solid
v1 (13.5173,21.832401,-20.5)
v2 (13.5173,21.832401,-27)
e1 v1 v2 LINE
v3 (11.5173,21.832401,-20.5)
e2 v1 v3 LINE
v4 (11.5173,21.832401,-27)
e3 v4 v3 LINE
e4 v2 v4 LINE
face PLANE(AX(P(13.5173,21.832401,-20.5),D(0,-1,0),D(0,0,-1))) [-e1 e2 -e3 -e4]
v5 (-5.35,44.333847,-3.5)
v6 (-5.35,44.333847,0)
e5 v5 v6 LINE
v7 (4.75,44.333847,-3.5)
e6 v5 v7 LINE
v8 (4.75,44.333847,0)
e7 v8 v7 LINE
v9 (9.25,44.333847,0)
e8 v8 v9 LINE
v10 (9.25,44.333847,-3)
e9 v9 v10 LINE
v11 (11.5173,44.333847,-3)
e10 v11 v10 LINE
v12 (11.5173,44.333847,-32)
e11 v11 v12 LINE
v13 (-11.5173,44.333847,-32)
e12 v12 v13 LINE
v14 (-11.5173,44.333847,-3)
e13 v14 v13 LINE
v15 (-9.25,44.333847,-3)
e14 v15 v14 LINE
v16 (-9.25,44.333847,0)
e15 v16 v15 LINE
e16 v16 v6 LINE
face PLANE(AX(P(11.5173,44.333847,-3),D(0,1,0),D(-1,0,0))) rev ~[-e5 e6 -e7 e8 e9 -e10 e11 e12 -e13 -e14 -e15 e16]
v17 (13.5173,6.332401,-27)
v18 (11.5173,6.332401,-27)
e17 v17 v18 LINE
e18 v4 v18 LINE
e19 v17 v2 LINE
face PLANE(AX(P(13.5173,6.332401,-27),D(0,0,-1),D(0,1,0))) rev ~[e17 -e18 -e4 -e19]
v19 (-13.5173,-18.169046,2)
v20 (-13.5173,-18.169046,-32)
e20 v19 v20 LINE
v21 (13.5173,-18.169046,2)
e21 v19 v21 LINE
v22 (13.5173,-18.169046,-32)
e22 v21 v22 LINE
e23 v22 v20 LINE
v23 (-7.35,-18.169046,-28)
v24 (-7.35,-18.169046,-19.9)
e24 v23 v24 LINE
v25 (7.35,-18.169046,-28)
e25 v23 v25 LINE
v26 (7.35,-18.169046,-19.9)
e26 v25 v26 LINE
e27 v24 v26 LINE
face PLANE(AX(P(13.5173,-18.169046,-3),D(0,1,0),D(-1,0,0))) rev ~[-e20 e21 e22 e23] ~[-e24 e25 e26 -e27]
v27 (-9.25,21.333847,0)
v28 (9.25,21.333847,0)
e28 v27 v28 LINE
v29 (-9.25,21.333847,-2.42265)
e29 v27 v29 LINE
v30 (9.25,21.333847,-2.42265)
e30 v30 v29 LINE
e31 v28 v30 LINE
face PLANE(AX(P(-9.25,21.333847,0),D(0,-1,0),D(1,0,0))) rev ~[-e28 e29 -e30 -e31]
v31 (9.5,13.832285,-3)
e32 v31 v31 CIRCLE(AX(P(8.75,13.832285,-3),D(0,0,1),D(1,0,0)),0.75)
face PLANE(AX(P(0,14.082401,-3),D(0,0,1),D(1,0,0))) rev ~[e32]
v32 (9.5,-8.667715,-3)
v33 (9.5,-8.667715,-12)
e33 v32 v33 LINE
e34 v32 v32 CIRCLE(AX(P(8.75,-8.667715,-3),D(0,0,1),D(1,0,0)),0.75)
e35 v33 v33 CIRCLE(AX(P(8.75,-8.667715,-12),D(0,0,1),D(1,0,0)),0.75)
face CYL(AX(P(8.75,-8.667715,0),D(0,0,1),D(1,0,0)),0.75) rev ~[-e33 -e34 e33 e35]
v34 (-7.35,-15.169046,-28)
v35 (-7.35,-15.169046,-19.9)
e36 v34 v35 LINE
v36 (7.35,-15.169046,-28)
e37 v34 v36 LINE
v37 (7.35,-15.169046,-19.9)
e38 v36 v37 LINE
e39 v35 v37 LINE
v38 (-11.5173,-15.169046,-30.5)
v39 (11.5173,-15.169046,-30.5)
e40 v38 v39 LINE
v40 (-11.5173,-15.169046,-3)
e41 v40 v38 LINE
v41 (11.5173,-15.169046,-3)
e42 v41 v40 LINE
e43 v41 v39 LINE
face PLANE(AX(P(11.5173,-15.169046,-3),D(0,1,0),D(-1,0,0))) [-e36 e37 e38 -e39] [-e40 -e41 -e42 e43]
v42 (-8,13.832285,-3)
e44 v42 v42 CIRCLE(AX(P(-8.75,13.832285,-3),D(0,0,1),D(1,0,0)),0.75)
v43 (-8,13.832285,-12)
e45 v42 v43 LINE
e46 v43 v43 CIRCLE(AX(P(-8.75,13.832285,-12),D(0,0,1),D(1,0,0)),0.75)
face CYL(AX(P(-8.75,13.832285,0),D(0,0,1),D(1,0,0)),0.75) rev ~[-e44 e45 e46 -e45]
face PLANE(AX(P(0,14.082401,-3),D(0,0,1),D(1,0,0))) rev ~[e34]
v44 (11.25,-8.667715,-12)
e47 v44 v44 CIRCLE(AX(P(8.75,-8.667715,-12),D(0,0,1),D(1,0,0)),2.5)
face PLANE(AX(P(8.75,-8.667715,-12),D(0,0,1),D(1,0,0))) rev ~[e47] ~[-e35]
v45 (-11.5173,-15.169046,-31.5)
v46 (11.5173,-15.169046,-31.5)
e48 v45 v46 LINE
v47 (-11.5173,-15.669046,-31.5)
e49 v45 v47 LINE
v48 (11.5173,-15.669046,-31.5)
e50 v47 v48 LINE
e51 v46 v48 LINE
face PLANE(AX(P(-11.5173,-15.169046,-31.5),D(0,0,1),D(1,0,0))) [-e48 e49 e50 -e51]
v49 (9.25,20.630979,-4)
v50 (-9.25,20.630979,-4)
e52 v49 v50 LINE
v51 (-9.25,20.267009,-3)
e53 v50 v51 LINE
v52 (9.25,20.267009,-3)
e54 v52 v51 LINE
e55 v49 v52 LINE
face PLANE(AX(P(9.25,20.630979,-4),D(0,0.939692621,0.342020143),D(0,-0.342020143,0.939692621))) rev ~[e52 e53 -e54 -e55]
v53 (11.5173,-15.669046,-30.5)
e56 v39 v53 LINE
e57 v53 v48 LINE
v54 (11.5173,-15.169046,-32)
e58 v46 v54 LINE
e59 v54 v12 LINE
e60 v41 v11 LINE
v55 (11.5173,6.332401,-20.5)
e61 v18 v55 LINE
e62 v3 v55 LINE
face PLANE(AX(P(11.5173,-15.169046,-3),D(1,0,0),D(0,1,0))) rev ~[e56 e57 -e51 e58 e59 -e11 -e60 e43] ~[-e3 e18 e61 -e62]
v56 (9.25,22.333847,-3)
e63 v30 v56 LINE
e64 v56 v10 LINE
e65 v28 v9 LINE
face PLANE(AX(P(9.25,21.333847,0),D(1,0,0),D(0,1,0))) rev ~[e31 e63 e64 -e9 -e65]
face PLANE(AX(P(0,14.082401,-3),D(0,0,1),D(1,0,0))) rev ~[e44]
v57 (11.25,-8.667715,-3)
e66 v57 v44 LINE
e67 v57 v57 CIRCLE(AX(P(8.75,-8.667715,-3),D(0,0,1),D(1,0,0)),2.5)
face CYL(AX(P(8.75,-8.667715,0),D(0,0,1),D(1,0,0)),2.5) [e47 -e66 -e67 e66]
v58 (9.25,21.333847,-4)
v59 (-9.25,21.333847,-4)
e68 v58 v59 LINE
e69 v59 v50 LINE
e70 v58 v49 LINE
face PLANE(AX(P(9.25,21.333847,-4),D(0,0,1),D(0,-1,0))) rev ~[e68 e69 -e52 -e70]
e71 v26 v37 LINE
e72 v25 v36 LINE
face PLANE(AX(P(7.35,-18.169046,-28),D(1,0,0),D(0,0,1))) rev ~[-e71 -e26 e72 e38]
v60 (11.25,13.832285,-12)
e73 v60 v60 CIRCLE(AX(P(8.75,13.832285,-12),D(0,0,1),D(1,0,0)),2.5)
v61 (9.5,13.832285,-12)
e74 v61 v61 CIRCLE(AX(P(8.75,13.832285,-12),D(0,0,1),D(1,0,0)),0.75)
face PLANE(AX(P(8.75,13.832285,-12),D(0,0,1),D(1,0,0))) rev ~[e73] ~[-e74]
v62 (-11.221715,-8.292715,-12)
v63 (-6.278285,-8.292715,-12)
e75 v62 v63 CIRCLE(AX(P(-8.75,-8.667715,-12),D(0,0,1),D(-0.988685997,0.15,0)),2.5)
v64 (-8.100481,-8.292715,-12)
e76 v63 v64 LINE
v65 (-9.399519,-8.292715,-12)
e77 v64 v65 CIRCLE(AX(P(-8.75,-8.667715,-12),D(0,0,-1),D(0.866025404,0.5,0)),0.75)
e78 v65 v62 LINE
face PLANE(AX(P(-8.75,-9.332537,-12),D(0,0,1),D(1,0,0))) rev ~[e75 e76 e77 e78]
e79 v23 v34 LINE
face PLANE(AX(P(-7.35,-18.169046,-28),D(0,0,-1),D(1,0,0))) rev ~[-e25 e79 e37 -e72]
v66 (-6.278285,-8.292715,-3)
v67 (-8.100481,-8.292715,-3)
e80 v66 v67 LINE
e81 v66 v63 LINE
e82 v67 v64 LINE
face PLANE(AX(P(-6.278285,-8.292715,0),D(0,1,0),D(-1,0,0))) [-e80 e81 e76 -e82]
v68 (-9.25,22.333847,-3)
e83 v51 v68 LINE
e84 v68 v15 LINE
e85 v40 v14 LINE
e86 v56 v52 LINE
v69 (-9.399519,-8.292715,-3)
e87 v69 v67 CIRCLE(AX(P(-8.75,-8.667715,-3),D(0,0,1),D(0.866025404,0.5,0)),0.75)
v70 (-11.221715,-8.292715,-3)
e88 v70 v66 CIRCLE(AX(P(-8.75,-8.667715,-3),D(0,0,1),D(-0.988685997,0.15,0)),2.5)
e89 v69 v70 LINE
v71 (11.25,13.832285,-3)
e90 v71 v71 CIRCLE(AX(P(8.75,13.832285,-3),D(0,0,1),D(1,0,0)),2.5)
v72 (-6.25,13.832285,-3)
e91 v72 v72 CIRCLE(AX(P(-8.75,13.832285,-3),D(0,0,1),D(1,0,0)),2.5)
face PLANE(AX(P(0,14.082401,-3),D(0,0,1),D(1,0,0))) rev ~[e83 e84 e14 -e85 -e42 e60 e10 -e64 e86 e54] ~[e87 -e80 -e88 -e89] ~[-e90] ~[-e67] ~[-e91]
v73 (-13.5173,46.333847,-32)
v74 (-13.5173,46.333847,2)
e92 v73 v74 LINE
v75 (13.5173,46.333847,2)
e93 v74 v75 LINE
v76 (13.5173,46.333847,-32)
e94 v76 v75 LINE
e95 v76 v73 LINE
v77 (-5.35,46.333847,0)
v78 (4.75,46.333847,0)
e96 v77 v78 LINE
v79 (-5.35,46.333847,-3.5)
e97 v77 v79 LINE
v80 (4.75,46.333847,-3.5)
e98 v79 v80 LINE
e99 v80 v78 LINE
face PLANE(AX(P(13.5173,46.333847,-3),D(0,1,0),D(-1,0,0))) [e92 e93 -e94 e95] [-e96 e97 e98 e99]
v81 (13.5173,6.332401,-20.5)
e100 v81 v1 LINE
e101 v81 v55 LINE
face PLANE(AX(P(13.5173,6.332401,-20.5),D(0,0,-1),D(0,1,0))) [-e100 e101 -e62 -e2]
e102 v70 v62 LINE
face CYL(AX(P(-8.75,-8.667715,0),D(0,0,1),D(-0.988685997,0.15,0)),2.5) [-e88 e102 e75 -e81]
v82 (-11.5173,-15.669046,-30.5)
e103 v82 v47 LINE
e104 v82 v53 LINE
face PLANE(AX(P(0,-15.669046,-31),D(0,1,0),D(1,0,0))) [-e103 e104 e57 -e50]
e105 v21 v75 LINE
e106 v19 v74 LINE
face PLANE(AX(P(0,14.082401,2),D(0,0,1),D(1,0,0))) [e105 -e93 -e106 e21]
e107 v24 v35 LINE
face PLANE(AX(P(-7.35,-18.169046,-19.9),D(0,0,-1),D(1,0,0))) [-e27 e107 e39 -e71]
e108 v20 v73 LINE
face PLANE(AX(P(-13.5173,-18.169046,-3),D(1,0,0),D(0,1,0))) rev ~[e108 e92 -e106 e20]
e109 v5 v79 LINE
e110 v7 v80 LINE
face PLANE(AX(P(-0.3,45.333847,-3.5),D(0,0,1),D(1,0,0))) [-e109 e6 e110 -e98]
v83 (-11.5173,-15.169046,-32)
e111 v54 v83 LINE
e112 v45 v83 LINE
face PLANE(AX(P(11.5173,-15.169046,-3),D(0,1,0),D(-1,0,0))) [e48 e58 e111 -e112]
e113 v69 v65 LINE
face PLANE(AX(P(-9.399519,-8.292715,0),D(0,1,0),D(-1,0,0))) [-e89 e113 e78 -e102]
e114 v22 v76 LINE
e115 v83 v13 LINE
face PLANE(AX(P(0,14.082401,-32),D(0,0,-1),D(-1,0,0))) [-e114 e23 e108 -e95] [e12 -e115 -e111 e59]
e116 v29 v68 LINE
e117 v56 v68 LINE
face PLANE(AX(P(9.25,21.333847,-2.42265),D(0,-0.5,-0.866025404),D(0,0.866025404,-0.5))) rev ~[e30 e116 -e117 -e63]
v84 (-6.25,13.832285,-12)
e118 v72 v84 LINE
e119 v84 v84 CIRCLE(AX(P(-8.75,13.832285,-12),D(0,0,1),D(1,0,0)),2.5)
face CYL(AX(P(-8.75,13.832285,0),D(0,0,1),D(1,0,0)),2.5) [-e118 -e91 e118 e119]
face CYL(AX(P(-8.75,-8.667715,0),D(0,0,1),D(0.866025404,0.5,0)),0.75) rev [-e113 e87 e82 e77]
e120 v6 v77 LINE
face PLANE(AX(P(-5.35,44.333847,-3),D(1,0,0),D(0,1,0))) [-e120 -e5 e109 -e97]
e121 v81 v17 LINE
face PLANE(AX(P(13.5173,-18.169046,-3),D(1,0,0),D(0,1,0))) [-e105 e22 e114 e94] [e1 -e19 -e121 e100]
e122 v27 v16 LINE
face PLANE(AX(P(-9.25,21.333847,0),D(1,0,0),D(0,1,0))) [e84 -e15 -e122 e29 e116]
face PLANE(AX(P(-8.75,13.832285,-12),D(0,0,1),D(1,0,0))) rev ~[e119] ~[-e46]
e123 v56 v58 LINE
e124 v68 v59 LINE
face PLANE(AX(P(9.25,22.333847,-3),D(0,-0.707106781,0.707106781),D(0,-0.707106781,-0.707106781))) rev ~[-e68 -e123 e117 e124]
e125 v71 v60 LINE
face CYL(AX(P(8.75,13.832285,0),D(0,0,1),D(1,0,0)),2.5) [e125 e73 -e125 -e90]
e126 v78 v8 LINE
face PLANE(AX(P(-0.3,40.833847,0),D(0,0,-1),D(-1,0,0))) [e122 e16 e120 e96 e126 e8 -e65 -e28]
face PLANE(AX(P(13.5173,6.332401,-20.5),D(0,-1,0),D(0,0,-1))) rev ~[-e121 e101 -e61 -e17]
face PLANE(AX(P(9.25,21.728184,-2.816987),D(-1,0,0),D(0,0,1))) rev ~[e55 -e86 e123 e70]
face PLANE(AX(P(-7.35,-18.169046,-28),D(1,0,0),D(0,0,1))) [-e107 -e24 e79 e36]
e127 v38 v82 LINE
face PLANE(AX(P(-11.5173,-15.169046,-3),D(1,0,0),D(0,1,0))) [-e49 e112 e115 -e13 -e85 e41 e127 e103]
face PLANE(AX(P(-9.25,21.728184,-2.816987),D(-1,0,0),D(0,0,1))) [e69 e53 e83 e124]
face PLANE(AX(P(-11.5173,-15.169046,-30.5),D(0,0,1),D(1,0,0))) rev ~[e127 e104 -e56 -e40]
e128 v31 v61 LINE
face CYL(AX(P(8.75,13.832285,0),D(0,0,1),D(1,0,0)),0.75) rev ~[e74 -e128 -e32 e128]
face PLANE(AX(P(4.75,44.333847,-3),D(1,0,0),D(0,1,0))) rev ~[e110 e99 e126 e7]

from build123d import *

# Parameters (mm, degrees)
SKETCH1_3_W         = 27.034600944
SKETCH1_3_H         = 64.50289226
BOSS_EXTRUDE2_DEPTH = 2
SKETCH1_4_W         = 27.034600944
SKETCH1_4_H         = 64.50289226
SKETCH1_4_R         = 2.5
SKETCH1_4_W_2       = 18.5
SKETCH1_4_H_2       = 23
SKETCH1_4_R_2       = 0.75
BOSS_EXTRUDE3_DEPTH = 3
SKETCH1_R           = 2.5
SKETCH1_R_2         = 0.75
BOSS_EXTRUDE6_DEPTH = 12
CUT_EXTRUDE1_START  = -3
SKETCH2_W           = 10.1
SKETCH2_H           = 7
SKETCH2_H_2         = 5.610263073
CUT_EXTRUDE1_DEPTH  = 3.5
BOSS_EXTRUDE7_DEPTH = 18.5
SKETCH5_W           = 27.034600944
SKETCH5_H           = 64.50289226
SKETCH5_W_2         = 23.034600944
SKETCH5_H_2         = 59.50289226
BOSS_EXTRUDE9_DEPTH = 29
SKETCH6_W           = 23.034600944
SKETCH6_H           = 1
CUT_EXTRUDE2_DEPTH  = 0.5
CUT_EXTRUDE3_REACH  = 75.262
SKETCH8_W           = 14.7
SKETCH8_H           = 8.1
CUT_EXTRUDE4_REACH  = 64.464
SKETCH9_W           = 6.5
SKETCH9_H           = 15.5
SKETCH11_W          = 10.1
SKETCH11_H          = 2
CUT_EXTRUDE5_DEPTH  = 0.5


with BuildPart() as part:
    # Sketch1<3> → Boss-Extrude2 (new body)
    with BuildSketch(Plane.XY):
        with Locations((0, 14.082400554)):
            Rectangle(SKETCH1_3_W, SKETCH1_3_H)
    extrude(amount=BOSS_EXTRUDE2_DEPTH)

    # Sketch1<4> → Boss-Extrude3 (add)
    # profile 1 of 15: a face of its own
    with BuildSketch(Plane.XY):
        with Locations((0, 14.082400554)):
            Rectangle(SKETCH1_4_W, SKETCH1_4_H)
        with Locations((-8.75, -8.667715428)):
            Circle(SKETCH1_4_R, mode=Mode.SUBTRACT)
        with Locations((8.75, -8.667715428)):
            Circle(SKETCH1_4_R, mode=Mode.SUBTRACT)
        with Locations((8.75, 13.832284572)):
            Circle(SKETCH1_4_R, mode=Mode.SUBTRACT)
        with Locations((-8.75, 13.832284572)):
            Circle(SKETCH1_4_R, mode=Mode.SUBTRACT)
        with Locations((0, 32.833846684)):
            Rectangle(SKETCH1_4_W_2, SKETCH1_4_H_2, mode=Mode.SUBTRACT)
    # profile 2 of 15: a face of its own
    with BuildSketch(Plane.XY):
        with Locations((8.75, 13.832284572)):
            Circle(SKETCH1_4_R)
        with Locations((8.75, 13.832284572)):
            Circle(SKETCH1_4_R_2, mode=Mode.SUBTRACT)
    # profile 3 of 15: a face of its own
    with BuildSketch(Plane.XY):
        with Locations((8.75, 13.832284572)):
            Circle(SKETCH1_4_R_2)
    # profile 4 of 15: a face of its own
    with BuildSketch(Plane.XY):
        with Locations((-8.75, 13.832284572)):
            Circle(SKETCH1_4_R)
        with Locations((-8.75, 13.832284572)):
            Circle(SKETCH1_4_R_2, mode=Mode.SUBTRACT)
    # profile 5 of 15: a face of its own
    with BuildSketch(Plane.XY):
        with Locations((-8.75, 13.832284572)):
            Circle(SKETCH1_4_R_2)
    # profile 6 of 15: a face of its own
    with BuildSketch(Plane.XY):
        with BuildLine():
            ThreePointArc((-6.278285008, -8.292715428), (-8.75, -6.167715428), (-11.221714992, -8.292715428))
            Line((-11.221714992, -8.292715428), (-9.399519053, -8.292715428))
            ThreePointArc((-9.399519053, -8.292715428), (-8.75, -7.917715428), (-8.100480947, -8.292715428))
            Line((-8.100480947, -8.292715428), (-6.278285008, -8.292715428))
        make_face()
    # profile 7 of 15: a face of its own
    with BuildSketch(Plane.XY):
        with BuildLine():
            Line((-9.399519053, -8.292715428), (-11.221714992, -8.292715428))
            ThreePointArc((-11.221714992, -8.292715428), (-8.938032605, -11.160634147), (-6.25, -8.667715428))
            ThreePointArc((-6.25, -8.667715428), (-6.257081281, -8.479682824), (-6.278285008, -8.292715428))
            Line((-6.278285008, -8.292715428), (-8.100480947, -8.292715428))
            ThreePointArc((-8.100480947, -8.292715428), (-8.02555563, -8.473601145), (-8, -8.667715428))
            ThreePointArc((-8, -8.667715428), (-8.944114284, -9.392159798), (-9.399519053, -8.292715428))
        make_face()
    # profile 8 of 15: a face of its own
    with BuildSketch(Plane.XY):
        with BuildLine():
            ThreePointArc((-8.100480947, -8.292715428), (-8.75, -7.917715428), (-9.399519053, -8.292715428))
            Line((-9.399519053, -8.292715428), (-8.100480947, -8.292715428))
        make_face()
    # profile 9 of 15: a face of its own
    with BuildSketch(Plane.XY):
        with BuildLine():
            Line((-8.100480947, -8.292715428), (-9.399519053, -8.292715428))
            ThreePointArc((-9.399519053, -8.292715428), (-8.944114284, -9.392159798), (-8, -8.667715428))
            ThreePointArc((-8, -8.667715428), (-8.02555563, -8.473601145), (-8.100480947, -8.292715428))
        make_face()
    # profile 10 of 15: a face of its own
    with BuildSketch(Plane.XY):
        with BuildLine():
            ThreePointArc((-6.278285008, -8.292715428), (-8.75, -6.167715428), (-11.221714992, -8.292715428))
            Line((-11.221714992, -8.292715428), (-9.399519053, -8.292715428))
            ThreePointArc((-9.399519053, -8.292715428), (-8.75, -7.917715428), (-8.100480947, -8.292715428))
            Line((-8.100480947, -8.292715428), (-6.278285008, -8.292715428))
        make_face()
    # profile 11 of 15: a face of its own
    with BuildSketch(Plane.XY):
        with BuildLine():
            Line((-9.399519053, -8.292715428), (-11.221714992, -8.292715428))
            ThreePointArc((-11.221714992, -8.292715428), (-8.938032605, -11.160634147), (-6.25, -8.667715428))
            ThreePointArc((-6.25, -8.667715428), (-6.257081281, -8.479682824), (-6.278285008, -8.292715428))
            Line((-6.278285008, -8.292715428), (-8.100480947, -8.292715428))
            ThreePointArc((-8.100480947, -8.292715428), (-8.02555563, -8.473601145), (-8, -8.667715428))
            ThreePointArc((-8, -8.667715428), (-8.944114284, -9.392159798), (-9.399519053, -8.292715428))
        make_face()
    # profile 12 of 15: a face of its own
    with BuildSketch(Plane.XY):
        with BuildLine():
            ThreePointArc((-8.100480947, -8.292715428), (-8.75, -7.917715428), (-9.399519053, -8.292715428))
            Line((-9.399519053, -8.292715428), (-8.100480947, -8.292715428))
        make_face()
    # profile 13 of 15: a face of its own
    with BuildSketch(Plane.XY):
        with BuildLine():
            Line((-8.100480947, -8.292715428), (-9.399519053, -8.292715428))
            ThreePointArc((-9.399519053, -8.292715428), (-8.944114284, -9.392159798), (-8, -8.667715428))
            ThreePointArc((-8, -8.667715428), (-8.02555563, -8.473601145), (-8.100480947, -8.292715428))
        make_face()
    # profile 14 of 15: a face of its own
    with BuildSketch(Plane.XY):
        with Locations((8.75, -8.667715428)):
            Circle(SKETCH1_4_R)
        with Locations((8.75, -8.667715428)):
            Circle(SKETCH1_4_R_2, mode=Mode.SUBTRACT)
    # profile 15 of 15: a face of its own
    with BuildSketch(Plane.XY):
        with Locations((8.75, -8.667715428)):
            Circle(SKETCH1_4_R_2)
    extrude(amount=-BOSS_EXTRUDE3_DEPTH)

    # Sketch1 → Boss-Extrude6 (add)
    # profile 1 of 4: a face of its own
    with BuildSketch(Plane.XY):
        with BuildLine():
            Line((-9.399519053, -8.292715428), (-11.221714992, -8.292715428))
            ThreePointArc((-11.221714992, -8.292715428), (-8.75, -11.167715428), (-6.278285008, -8.292715428))
            Line((-6.278285008, -8.292715428), (-8.100480947, -8.292715428))
            ThreePointArc((-8.100480947, -8.292715428), (-8.75, -9.417715428), (-9.399519053, -8.292715428))
        make_face()
    # profile 2 of 4: a face of its own
    with BuildSketch(Plane.XY):
        with Locations((-8.75, 13.832284572)):
            Circle(SKETCH1_R)
        with Locations((-8.75, 13.832284572)):
            Circle(SKETCH1_R_2, mode=Mode.SUBTRACT)
    # profile 3 of 4: a face of its own
    with BuildSketch(Plane.XY):
        with Locations((8.75, 13.832284572)):
            Circle(SKETCH1_R)
        with Locations((8.75, 13.832284572)):
            Circle(SKETCH1_R_2, mode=Mode.SUBTRACT)
    # profile 4 of 4: a face of its own
    with BuildSketch(Plane.XY):
        with Locations((8.75, -8.667715428)):
            Circle(SKETCH1_R)
        with Locations((8.75, -8.667715428)):
            Circle(SKETCH1_R_2, mode=Mode.SUBTRACT)
    extrude(amount=-BOSS_EXTRUDE6_DEPTH)

    # Sketch2 → Cut-Extrude1 (cut)
    with BuildSketch(Plane(origin=(0, 0, -3), x_dir=(-1, 0, 0), z_dir=(0, 0, -1)).offset(CUT_EXTRUDE1_START)):
        with Locations((0.3, 40.833846684)):
            Rectangle(SKETCH2_W, SKETCH2_H)
        with Locations((0.3, 47.138978221)):
            Rectangle(SKETCH2_W, SKETCH2_H_2)
    extrude(amount=CUT_EXTRUDE1_DEPTH, mode=Mode.SUBTRACT)

    # Sketch4 → Boss-Extrude7 (add)
    with BuildSketch(Plane.ZY.offset(-9.25)):
        Polygon((-3, 22.333846684), (-3, 21.333846684), (-2.422649731, 21.333846684), align=None)
        Polygon((-3, 20.267009218), (-3, 21.333846684), (-3, 22.333846684), (-4, 21.333846684), (-4, 20.630979452), align=None)
    extrude(amount=BOSS_EXTRUDE7_DEPTH)

    # Sketch5 → Boss-Extrude9 (add)
    with BuildSketch(Plane(origin=(0, 0, -3), x_dir=(-1, 0, 0), z_dir=(0, 0, -1))):
        with Locations((0, 14.082400554)):
            Rectangle(SKETCH5_W, SKETCH5_H)
        with Locations((0, 14.582400554)):
            Rectangle(SKETCH5_W_2, SKETCH5_H_2, mode=Mode.SUBTRACT)
    extrude(amount=BOSS_EXTRUDE9_DEPTH)

    # Sketch6 → Cut-Extrude2 (cut)
    with BuildSketch(Plane(origin=(0, -15.169045576, 0), x_dir=(1, 0, 0), z_dir=(0, 1, 0))):
        with Locations((0, 31)):
            Rectangle(SKETCH6_W, SKETCH6_H)
    extrude(amount=-CUT_EXTRUDE2_DEPTH, mode=Mode.SUBTRACT)

    # Sketch8 → Cut-Extrude3 (cut, up to next)
    with BuildSketch(Plane.XZ.offset(18.169045576), mode=Mode.PRIVATE) as cut_extrude3_sk1:
        with Locations((0, -23.95)):
            Rectangle(SKETCH8_W, SKETCH8_H)
    cut_extrude3_tool1 = extrude(cut_extrude3_sk1.sketch, amount=-CUT_EXTRUDE3_REACH, mode=Mode.PRIVATE) & part.part
    add(cut_extrude3_tool1.solids().sort_by_distance((0, -18.169046, -23.95))[0], mode=Mode.SUBTRACT)

    # Sketch9 → Cut-Extrude4 (cut, up to next)
    with BuildSketch(Plane(origin=(13.517300472, 0, 0), x_dir=(0, 0, -1), z_dir=(1, 0, 0)), mode=Mode.PRIVATE) as cut_extrude4_sk1:
        with Locations((23.75, 14.082400554)):
            Rectangle(SKETCH9_W, SKETCH9_H)
    cut_extrude4_tool1 = extrude(cut_extrude4_sk1.sketch, amount=-CUT_EXTRUDE4_REACH, mode=Mode.PRIVATE) & part.part
    add(cut_extrude4_tool1.solids().sort_by_distance((13.5173, 14.082401, -23.75))[0], mode=Mode.SUBTRACT)

    # Sketch11 → Cut-Extrude5 (cut)
    with BuildSketch(Plane.XY.offset(-3)):
        with Locations((-0.3, 45.333846684)):
            Rectangle(SKETCH11_W, SKETCH11_H)
    extrude(amount=-CUT_EXTRUDE5_DEPTH, mode=Mode.SUBTRACT)


solid = part.part
